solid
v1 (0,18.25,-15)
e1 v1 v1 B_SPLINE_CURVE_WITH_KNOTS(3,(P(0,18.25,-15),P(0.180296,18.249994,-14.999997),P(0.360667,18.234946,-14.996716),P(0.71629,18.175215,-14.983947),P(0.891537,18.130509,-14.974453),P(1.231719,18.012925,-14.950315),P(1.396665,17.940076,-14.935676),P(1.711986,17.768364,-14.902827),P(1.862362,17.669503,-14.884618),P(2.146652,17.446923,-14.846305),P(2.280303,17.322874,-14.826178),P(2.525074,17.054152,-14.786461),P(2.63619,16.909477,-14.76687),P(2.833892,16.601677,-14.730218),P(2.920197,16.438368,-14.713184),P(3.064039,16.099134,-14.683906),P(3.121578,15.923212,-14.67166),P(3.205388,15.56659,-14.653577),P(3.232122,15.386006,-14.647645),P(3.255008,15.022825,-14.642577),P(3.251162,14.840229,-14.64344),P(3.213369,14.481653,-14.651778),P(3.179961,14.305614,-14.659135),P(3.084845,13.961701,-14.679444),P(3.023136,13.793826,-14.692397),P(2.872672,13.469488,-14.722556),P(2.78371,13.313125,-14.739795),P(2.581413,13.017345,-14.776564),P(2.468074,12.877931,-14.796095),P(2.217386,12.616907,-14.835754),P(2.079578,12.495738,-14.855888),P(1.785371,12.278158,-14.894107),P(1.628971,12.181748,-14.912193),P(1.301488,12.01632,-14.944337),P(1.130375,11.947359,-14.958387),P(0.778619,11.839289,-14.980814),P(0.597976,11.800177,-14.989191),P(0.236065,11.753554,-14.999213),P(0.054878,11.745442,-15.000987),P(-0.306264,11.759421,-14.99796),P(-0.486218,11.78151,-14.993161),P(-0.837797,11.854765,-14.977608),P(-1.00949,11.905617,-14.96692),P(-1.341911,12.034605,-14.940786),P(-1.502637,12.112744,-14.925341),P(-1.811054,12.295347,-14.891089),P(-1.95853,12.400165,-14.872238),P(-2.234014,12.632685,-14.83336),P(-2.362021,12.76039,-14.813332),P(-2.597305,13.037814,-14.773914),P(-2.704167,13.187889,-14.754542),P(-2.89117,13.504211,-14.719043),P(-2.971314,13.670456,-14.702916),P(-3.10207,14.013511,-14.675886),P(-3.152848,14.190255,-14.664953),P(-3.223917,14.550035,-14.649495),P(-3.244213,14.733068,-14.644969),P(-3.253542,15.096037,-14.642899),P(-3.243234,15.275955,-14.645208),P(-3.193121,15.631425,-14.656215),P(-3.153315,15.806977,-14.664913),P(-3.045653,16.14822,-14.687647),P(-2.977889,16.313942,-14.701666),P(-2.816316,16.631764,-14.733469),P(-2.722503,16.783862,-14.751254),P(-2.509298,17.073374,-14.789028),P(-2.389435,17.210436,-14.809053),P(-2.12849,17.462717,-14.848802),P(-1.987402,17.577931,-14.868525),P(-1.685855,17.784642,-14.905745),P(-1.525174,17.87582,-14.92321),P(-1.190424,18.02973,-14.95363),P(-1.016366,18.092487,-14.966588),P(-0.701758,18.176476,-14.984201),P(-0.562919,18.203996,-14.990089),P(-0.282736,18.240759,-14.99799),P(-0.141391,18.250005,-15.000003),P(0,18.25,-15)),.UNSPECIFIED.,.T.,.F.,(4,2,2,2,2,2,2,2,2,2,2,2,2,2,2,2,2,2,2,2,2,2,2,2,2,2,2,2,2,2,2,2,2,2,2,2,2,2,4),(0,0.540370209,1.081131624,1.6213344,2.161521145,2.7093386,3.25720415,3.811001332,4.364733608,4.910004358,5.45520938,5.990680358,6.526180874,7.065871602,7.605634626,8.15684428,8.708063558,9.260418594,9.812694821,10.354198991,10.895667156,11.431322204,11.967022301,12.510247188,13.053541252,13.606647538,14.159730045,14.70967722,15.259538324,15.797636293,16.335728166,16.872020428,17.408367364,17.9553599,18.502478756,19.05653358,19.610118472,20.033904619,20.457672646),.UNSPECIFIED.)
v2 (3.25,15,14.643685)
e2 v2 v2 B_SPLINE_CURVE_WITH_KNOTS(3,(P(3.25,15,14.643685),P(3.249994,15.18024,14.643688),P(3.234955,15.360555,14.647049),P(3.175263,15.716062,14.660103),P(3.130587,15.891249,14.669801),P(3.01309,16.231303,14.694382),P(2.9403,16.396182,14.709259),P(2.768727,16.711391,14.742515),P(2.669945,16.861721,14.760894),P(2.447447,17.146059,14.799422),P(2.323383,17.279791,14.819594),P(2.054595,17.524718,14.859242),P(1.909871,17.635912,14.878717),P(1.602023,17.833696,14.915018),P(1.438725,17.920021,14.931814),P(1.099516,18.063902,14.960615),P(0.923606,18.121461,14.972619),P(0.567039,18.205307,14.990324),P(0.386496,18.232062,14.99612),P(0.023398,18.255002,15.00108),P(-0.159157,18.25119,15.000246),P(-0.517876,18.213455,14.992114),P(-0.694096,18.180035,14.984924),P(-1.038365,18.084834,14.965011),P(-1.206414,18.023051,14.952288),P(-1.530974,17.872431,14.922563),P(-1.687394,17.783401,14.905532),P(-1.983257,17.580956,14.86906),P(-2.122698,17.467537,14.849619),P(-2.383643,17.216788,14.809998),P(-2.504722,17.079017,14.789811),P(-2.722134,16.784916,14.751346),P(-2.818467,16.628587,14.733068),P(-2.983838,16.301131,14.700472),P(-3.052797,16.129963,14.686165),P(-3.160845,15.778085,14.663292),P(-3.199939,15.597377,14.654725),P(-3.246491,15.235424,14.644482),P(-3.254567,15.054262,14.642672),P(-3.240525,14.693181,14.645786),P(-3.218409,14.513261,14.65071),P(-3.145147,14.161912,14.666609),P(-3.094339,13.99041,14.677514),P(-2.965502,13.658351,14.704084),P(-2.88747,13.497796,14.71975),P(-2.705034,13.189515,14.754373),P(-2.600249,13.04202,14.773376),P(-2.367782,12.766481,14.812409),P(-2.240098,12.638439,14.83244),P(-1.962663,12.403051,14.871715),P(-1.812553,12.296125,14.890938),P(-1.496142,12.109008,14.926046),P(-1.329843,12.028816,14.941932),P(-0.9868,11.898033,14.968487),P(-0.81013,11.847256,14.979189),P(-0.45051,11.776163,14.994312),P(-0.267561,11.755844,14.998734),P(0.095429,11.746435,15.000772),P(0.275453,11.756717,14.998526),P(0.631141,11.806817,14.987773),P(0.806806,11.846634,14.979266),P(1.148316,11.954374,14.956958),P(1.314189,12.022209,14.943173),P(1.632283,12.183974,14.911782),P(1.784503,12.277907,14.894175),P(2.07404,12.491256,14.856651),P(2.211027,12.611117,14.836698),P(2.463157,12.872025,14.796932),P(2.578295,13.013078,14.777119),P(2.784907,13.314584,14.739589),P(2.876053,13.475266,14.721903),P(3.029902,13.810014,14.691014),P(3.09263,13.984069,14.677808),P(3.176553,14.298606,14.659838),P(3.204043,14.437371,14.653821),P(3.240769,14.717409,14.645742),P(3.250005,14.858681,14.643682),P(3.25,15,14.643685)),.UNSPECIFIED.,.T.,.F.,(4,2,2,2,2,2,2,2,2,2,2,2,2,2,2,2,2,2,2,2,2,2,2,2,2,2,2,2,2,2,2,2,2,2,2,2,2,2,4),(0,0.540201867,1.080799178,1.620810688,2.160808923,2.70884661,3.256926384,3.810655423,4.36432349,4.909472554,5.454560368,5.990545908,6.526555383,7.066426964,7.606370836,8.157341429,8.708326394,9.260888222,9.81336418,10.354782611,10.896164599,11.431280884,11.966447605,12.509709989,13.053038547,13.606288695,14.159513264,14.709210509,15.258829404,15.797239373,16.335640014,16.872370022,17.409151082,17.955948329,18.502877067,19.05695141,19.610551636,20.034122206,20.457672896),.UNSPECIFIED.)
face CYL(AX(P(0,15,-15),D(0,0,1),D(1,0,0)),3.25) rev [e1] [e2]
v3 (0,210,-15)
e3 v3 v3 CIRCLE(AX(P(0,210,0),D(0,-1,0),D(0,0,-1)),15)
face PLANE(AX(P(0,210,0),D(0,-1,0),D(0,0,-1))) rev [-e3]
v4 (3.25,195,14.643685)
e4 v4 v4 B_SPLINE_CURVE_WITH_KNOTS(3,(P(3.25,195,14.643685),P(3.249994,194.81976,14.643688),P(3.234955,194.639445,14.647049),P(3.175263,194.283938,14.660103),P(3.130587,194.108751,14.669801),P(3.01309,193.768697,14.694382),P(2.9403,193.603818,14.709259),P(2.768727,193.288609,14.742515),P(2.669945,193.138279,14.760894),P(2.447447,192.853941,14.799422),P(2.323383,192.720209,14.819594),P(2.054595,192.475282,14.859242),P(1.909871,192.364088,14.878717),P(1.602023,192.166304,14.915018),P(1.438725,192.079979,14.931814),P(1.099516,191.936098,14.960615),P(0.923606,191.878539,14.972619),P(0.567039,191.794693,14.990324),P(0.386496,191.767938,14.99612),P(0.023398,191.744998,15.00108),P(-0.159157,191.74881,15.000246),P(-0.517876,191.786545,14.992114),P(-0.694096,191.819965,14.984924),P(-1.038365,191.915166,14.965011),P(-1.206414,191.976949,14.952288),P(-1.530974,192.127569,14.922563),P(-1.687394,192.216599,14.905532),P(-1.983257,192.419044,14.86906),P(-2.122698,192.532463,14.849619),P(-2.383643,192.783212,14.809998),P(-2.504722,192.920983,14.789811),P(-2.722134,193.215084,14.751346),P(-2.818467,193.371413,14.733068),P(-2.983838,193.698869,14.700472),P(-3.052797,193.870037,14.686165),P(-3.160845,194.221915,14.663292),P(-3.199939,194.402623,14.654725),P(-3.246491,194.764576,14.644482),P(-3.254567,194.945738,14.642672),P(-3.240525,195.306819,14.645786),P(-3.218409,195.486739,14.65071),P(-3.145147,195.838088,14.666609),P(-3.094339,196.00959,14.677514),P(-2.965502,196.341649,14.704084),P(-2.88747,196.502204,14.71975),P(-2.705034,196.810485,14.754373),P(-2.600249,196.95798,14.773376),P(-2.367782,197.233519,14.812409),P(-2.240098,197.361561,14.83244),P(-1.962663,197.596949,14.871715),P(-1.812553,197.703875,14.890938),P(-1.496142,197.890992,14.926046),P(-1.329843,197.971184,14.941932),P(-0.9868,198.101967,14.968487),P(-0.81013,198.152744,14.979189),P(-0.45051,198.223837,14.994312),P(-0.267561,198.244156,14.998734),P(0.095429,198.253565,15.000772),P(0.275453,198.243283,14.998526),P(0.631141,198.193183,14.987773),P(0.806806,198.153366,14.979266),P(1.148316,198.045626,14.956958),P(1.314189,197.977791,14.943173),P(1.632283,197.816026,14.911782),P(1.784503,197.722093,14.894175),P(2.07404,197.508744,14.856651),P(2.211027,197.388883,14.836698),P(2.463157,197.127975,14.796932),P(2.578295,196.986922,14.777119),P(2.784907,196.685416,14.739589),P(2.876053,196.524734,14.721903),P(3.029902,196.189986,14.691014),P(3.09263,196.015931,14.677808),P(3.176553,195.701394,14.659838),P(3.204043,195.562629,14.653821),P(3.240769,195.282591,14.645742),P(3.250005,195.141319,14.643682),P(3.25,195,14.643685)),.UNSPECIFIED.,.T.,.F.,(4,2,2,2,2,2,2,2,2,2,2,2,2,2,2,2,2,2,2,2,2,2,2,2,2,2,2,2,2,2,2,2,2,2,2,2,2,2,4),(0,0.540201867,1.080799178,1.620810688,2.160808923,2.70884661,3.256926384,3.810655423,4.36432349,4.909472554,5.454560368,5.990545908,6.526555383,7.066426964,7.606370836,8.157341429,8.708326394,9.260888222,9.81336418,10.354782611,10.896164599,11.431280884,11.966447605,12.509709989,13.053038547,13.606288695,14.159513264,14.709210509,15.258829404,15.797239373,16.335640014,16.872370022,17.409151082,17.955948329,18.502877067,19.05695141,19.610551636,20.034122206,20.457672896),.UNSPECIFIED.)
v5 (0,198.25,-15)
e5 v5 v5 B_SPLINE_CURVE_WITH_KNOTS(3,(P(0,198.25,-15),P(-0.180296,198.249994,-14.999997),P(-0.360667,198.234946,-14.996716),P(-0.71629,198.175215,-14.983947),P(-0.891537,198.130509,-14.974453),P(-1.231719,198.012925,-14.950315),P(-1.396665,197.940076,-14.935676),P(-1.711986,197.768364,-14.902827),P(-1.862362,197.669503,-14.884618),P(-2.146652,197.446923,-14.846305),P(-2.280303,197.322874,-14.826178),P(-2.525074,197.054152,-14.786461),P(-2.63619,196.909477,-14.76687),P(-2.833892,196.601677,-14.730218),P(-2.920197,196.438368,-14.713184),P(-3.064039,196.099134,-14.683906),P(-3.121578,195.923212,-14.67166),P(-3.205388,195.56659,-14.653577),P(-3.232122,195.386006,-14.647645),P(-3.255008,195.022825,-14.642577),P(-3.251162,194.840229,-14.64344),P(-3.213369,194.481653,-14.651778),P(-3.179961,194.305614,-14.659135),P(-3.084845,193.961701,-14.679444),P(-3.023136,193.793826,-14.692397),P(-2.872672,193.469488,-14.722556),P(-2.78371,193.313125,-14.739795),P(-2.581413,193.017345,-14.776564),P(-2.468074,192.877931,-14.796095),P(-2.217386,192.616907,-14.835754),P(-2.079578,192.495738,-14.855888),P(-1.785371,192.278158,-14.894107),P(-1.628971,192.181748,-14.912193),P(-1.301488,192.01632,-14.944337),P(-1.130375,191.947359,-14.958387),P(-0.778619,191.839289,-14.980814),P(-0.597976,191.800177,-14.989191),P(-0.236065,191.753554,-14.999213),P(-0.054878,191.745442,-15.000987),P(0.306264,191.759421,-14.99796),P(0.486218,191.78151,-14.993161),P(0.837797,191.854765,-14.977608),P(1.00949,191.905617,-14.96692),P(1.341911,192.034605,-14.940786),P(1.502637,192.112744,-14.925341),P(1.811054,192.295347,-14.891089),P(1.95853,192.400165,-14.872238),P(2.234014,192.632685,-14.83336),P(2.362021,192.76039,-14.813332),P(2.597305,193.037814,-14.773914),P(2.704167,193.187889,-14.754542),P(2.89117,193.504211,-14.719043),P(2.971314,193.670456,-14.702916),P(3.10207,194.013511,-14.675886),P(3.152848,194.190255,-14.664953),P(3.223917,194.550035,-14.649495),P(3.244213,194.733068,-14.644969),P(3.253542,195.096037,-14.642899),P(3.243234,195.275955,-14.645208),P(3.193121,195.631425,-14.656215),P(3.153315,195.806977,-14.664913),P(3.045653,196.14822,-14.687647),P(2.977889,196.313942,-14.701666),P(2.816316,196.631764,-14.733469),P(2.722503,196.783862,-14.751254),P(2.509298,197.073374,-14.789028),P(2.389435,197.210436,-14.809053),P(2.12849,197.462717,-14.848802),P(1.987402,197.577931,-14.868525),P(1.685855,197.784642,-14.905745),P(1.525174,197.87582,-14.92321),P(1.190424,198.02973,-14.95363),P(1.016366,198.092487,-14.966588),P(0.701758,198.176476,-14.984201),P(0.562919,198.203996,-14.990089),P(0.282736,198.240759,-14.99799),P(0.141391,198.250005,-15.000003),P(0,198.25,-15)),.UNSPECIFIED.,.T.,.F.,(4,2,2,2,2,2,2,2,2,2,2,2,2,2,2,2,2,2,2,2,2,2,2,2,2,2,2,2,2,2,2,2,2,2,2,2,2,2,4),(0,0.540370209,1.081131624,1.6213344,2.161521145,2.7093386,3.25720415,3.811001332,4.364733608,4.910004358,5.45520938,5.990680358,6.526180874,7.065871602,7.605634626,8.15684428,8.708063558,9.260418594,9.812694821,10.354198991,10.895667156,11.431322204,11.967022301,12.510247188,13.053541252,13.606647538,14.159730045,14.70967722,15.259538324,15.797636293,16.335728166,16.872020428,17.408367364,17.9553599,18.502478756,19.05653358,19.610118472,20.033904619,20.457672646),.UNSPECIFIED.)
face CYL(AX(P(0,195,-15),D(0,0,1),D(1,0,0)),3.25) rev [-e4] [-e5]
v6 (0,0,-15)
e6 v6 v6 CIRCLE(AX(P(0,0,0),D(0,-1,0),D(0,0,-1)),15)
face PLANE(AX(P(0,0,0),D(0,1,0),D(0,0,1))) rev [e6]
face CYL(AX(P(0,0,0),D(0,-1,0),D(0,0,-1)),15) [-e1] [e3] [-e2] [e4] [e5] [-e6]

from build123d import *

# Parameters (mm, degrees)
SKETCH1_W          = 15
SKETCH1_H          = 210
SKETCH3_R          = 3.25
CUT_EXTRUDE1_DEPTH = 212.068709192


with BuildPart() as part:
    # Sketch1 → Revolve1 (revolve)
    with BuildSketch(Plane.XY, mode=Mode.PRIVATE) as revolve1_sk:
        with Locations((-7.5, 105)):
            Rectangle(SKETCH1_W, SKETCH1_H)
    revolve(revolve1_sk.sketch.rotate(Axis((0, 0, 0), (0, 1, 0)), 270), axis=Axis((0, 0, 0), (0, 1, 0)))

    # Sketch3 → Cut-Extrude1 (cut, symmetric)
    with BuildSketch(Plane.XY):
        with Locations((0, 195)):
            Circle(SKETCH3_R)
    cut_extrude1 = extrude(amount=CUT_EXTRUDE1_DEPTH, both=True, mode=Mode.SUBTRACT)

    # Mirror1: Cut-Extrude1 across plane
    add(cut_extrude1.mirror(Plane.ZX.offset(105)), mode=Mode.SUBTRACT)


solid = part.part
